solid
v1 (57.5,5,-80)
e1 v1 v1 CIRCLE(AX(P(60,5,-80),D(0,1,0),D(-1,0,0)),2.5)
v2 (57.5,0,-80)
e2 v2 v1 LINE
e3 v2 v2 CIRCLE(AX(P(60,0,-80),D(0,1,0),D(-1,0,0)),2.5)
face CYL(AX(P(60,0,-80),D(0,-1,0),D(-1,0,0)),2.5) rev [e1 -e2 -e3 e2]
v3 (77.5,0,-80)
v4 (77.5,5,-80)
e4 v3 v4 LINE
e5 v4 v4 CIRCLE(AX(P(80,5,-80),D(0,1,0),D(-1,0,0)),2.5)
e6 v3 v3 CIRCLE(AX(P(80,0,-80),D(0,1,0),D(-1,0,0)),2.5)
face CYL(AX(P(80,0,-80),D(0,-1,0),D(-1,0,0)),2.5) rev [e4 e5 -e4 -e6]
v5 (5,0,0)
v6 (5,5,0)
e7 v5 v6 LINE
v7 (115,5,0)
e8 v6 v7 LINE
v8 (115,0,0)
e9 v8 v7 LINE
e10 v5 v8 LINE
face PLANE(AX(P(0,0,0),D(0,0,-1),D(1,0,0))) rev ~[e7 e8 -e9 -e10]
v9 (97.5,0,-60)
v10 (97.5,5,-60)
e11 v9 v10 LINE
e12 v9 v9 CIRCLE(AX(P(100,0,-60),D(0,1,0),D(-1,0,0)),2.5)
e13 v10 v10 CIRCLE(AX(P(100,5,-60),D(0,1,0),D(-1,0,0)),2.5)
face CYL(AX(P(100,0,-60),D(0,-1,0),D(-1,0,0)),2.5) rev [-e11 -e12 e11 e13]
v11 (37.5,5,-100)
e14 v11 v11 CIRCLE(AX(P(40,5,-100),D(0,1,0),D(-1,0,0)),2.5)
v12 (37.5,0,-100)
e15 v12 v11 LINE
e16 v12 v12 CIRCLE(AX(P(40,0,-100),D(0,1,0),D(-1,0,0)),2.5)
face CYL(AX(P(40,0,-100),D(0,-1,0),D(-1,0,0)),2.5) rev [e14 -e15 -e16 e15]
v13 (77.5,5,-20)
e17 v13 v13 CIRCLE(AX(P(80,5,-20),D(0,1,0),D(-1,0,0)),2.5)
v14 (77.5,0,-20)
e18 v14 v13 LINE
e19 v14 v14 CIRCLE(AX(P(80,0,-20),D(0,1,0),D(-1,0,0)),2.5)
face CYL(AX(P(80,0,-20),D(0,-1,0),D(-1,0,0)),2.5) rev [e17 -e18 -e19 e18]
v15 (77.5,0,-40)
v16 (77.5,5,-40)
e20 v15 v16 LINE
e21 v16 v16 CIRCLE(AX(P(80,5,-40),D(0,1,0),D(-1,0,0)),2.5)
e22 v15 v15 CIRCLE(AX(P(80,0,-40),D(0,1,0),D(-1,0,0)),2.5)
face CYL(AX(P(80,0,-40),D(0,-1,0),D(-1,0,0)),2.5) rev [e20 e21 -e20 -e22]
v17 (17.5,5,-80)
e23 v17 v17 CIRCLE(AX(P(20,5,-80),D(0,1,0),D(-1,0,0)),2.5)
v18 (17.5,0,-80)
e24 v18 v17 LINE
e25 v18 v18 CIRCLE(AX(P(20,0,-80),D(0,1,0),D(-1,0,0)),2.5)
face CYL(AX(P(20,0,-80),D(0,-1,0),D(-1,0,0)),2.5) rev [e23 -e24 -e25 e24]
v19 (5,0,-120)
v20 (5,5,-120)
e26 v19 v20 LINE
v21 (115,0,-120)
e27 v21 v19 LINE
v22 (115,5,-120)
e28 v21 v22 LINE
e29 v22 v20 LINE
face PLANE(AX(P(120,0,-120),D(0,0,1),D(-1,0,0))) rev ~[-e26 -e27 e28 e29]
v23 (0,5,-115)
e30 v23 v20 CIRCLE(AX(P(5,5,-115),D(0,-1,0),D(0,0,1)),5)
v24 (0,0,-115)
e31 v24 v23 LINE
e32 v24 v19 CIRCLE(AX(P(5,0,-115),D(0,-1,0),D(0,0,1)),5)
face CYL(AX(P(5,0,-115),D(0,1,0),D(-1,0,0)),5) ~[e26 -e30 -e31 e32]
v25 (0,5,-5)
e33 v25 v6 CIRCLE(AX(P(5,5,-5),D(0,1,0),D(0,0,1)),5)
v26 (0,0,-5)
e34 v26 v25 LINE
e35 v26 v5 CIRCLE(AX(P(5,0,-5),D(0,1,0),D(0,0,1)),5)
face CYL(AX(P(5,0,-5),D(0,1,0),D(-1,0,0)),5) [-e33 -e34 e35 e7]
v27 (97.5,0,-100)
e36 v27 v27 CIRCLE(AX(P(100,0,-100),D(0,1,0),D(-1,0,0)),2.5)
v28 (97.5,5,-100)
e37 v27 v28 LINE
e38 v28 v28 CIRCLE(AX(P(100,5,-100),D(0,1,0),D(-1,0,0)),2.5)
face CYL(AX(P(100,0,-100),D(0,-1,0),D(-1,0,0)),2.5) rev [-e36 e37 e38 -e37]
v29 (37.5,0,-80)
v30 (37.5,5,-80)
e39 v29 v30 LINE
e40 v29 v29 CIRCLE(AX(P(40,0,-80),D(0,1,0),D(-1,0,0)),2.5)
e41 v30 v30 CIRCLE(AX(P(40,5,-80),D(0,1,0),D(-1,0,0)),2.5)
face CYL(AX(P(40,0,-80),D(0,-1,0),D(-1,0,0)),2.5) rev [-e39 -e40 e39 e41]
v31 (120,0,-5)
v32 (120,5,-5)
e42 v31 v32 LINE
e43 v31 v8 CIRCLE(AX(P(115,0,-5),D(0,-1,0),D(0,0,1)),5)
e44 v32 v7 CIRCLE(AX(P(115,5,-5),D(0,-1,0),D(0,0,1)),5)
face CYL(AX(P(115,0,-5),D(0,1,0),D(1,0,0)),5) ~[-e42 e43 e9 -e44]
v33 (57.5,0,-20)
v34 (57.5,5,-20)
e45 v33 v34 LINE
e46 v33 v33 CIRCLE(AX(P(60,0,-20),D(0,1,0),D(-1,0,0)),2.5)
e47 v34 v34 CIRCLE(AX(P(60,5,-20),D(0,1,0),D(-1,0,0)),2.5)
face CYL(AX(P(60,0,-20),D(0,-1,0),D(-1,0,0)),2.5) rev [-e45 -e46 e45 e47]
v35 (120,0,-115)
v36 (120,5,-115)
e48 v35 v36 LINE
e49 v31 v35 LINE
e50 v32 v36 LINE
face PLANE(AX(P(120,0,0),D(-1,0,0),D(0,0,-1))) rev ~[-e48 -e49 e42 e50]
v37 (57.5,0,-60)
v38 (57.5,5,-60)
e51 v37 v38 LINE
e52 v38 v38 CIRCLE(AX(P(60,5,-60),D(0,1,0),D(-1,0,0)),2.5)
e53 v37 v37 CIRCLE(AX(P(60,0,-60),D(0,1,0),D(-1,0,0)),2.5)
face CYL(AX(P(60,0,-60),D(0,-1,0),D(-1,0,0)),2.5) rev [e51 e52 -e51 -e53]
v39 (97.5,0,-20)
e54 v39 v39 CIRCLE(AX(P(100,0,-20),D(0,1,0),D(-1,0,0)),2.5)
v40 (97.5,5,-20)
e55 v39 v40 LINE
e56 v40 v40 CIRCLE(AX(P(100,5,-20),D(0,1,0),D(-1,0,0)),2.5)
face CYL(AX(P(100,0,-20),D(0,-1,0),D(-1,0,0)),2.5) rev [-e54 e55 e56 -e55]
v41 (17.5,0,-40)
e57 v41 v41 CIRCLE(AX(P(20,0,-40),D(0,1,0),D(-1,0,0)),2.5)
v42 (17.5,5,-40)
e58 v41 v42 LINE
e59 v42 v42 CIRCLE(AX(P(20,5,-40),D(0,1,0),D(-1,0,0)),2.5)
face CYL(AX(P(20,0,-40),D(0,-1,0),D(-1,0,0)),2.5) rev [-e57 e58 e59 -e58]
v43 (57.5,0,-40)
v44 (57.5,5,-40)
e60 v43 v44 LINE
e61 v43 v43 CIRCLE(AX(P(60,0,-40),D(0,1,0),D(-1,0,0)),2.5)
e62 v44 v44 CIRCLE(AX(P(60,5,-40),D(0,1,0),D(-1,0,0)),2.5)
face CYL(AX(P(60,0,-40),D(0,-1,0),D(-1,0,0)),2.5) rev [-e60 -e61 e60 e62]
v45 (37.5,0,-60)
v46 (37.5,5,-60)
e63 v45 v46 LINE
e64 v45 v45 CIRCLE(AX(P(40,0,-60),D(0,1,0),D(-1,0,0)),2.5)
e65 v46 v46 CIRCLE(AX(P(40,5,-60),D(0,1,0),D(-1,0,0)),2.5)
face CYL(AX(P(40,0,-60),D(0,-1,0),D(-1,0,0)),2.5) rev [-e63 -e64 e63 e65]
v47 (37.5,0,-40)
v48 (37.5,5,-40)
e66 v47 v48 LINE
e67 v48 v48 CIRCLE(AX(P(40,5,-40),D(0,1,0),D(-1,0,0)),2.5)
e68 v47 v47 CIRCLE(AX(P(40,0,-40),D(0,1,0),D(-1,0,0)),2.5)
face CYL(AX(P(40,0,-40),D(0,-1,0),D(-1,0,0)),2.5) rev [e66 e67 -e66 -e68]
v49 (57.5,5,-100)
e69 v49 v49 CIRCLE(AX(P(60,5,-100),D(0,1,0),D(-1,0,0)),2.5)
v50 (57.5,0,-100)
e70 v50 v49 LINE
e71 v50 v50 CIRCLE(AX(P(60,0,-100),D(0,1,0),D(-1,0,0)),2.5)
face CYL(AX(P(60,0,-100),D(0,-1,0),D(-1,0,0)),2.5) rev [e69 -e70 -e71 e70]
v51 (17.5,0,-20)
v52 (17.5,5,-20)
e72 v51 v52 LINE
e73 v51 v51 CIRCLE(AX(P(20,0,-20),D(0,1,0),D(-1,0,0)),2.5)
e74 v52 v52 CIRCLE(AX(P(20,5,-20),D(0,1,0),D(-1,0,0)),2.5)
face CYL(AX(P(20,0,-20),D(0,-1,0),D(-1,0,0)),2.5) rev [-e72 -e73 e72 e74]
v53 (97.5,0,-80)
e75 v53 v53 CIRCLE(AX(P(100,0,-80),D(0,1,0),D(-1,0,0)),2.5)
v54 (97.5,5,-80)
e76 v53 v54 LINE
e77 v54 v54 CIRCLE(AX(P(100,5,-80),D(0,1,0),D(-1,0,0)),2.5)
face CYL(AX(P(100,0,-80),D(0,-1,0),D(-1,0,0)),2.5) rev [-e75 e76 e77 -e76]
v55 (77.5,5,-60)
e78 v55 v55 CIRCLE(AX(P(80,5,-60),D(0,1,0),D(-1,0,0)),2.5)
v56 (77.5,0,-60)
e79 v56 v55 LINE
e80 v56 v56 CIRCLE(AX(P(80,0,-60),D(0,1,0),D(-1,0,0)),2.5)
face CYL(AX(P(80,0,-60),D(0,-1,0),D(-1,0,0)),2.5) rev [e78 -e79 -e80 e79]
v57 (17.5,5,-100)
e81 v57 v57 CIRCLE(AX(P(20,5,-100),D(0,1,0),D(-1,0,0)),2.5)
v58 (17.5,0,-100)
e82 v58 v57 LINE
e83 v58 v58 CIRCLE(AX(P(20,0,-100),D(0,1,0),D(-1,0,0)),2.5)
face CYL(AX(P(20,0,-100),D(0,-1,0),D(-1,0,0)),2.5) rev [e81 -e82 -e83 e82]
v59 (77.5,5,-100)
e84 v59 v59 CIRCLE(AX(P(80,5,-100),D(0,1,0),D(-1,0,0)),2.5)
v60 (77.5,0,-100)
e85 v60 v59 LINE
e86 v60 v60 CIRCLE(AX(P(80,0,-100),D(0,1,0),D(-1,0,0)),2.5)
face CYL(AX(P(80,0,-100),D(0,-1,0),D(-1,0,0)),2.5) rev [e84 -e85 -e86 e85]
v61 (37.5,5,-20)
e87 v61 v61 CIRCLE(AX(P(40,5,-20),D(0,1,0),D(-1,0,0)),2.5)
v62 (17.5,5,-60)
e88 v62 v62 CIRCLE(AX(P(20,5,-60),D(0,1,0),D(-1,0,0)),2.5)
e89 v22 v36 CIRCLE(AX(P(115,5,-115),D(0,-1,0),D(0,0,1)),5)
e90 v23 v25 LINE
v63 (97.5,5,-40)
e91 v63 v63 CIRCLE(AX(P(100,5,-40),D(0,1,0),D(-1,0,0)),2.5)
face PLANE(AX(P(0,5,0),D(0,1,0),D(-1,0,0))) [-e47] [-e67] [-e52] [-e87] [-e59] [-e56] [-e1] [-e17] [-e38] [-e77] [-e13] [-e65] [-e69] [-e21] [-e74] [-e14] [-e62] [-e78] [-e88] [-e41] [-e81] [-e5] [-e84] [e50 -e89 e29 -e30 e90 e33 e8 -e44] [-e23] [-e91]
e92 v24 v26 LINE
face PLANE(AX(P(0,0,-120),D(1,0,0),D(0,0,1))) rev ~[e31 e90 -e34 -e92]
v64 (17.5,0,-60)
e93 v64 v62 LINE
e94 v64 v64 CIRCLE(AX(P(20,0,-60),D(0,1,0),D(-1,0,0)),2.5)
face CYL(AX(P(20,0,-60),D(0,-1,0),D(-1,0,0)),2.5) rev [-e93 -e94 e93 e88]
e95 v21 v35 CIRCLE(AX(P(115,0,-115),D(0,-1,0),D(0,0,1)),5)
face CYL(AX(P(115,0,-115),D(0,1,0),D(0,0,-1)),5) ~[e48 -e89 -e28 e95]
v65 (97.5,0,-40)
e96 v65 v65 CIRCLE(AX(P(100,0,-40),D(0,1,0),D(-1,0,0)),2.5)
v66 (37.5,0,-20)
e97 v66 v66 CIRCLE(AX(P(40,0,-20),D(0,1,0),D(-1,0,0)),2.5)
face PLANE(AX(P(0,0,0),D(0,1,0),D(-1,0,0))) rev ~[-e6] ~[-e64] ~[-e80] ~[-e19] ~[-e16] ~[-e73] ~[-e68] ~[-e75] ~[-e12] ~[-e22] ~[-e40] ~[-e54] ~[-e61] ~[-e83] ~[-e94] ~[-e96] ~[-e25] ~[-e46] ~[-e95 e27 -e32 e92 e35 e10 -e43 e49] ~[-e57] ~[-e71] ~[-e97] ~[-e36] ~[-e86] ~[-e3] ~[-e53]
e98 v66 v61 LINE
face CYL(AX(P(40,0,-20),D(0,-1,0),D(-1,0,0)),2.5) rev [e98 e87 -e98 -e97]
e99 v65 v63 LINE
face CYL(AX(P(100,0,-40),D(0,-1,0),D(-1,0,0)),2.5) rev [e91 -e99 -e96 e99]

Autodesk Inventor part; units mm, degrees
ref_plane "YZ Plane" through (0, 0, 0) normal (1, 0, 0) x (0, 1, 0)
ref_plane "XZ Plane" through (0, 0, 0) normal (0, 1, 0) x (-1, 0, 0)
ref_plane "XY Plane" through (0, 0, 0) normal (0, 0, 1) x (1, 0, 0)
sketch "Sketch1" plane through (0, 0, 0) normal (0, 1, 0) x (-1, 0, 0)
  line L0 (0, 0) -> (-120, 0)
  line L1 (-120, 0) -> (-120, -120)
  line L2 (-120, -120) -> (0, -120)
  line L3 (0, -120) -> (0, 0)
  circle A0 centre (-20, -20) radius 2.5
  circle A1 centre (-40, -20) radius 2.5
  circle A2 centre (-60, -20) radius 2.5
  circle A3 centre (-80, -20) radius 2.5
  circle A4 centre (-100, -20) radius 2.5
  circle A5 centre (-20, -40) radius 2.5
  circle A6 centre (-40, -40) radius 2.5
  circle A7 centre (-60, -40) radius 2.5
  circle A8 centre (-80, -40) radius 2.5
  circle A9 centre (-100, -40) radius 2.5
  circle A10 centre (-20, -60) radius 2.5
  circle A11 centre (-40, -60) radius 2.5
  circle A12 centre (-60, -60) radius 2.5
  circle A13 centre (-80, -60) radius 2.5
  circle A14 centre (-100, -60) radius 2.5
  circle A15 centre (-20, -80) radius 2.5
  circle A16 centre (-40, -80) radius 2.5
  circle A17 centre (-60, -80) radius 2.5
  circle A18 centre (-80, -80) radius 2.5
  circle A19 centre (-100, -80) radius 2.5
  circle A20 centre (-20, -100) radius 2.5
  circle A21 centre (-40, -100) radius 2.5
  circle A22 centre (-60, -100) radius 2.5
  circle A23 centre (-80, -100) radius 2.5
  circle A24 centre (-100, -100) radius 2.5
  dimension "d0" = 120
  dimension "d1" = 120
  dimension "d2" = 5
  dimension "d4" = 20
  dimension "d5" = 20
  dimension "d8" = 20
  dimension "d11" = 20
extrude "Extrusion1" add sketch "Sketch1" along normal blind 5
fillet "Fillet1" radius 5 4 edges at (0, 2.5, -120) (0, 2.5, 0) (120, 2.5, 0) (120, 2.5, -120)
properties part number "5x5x5 solder helper"
